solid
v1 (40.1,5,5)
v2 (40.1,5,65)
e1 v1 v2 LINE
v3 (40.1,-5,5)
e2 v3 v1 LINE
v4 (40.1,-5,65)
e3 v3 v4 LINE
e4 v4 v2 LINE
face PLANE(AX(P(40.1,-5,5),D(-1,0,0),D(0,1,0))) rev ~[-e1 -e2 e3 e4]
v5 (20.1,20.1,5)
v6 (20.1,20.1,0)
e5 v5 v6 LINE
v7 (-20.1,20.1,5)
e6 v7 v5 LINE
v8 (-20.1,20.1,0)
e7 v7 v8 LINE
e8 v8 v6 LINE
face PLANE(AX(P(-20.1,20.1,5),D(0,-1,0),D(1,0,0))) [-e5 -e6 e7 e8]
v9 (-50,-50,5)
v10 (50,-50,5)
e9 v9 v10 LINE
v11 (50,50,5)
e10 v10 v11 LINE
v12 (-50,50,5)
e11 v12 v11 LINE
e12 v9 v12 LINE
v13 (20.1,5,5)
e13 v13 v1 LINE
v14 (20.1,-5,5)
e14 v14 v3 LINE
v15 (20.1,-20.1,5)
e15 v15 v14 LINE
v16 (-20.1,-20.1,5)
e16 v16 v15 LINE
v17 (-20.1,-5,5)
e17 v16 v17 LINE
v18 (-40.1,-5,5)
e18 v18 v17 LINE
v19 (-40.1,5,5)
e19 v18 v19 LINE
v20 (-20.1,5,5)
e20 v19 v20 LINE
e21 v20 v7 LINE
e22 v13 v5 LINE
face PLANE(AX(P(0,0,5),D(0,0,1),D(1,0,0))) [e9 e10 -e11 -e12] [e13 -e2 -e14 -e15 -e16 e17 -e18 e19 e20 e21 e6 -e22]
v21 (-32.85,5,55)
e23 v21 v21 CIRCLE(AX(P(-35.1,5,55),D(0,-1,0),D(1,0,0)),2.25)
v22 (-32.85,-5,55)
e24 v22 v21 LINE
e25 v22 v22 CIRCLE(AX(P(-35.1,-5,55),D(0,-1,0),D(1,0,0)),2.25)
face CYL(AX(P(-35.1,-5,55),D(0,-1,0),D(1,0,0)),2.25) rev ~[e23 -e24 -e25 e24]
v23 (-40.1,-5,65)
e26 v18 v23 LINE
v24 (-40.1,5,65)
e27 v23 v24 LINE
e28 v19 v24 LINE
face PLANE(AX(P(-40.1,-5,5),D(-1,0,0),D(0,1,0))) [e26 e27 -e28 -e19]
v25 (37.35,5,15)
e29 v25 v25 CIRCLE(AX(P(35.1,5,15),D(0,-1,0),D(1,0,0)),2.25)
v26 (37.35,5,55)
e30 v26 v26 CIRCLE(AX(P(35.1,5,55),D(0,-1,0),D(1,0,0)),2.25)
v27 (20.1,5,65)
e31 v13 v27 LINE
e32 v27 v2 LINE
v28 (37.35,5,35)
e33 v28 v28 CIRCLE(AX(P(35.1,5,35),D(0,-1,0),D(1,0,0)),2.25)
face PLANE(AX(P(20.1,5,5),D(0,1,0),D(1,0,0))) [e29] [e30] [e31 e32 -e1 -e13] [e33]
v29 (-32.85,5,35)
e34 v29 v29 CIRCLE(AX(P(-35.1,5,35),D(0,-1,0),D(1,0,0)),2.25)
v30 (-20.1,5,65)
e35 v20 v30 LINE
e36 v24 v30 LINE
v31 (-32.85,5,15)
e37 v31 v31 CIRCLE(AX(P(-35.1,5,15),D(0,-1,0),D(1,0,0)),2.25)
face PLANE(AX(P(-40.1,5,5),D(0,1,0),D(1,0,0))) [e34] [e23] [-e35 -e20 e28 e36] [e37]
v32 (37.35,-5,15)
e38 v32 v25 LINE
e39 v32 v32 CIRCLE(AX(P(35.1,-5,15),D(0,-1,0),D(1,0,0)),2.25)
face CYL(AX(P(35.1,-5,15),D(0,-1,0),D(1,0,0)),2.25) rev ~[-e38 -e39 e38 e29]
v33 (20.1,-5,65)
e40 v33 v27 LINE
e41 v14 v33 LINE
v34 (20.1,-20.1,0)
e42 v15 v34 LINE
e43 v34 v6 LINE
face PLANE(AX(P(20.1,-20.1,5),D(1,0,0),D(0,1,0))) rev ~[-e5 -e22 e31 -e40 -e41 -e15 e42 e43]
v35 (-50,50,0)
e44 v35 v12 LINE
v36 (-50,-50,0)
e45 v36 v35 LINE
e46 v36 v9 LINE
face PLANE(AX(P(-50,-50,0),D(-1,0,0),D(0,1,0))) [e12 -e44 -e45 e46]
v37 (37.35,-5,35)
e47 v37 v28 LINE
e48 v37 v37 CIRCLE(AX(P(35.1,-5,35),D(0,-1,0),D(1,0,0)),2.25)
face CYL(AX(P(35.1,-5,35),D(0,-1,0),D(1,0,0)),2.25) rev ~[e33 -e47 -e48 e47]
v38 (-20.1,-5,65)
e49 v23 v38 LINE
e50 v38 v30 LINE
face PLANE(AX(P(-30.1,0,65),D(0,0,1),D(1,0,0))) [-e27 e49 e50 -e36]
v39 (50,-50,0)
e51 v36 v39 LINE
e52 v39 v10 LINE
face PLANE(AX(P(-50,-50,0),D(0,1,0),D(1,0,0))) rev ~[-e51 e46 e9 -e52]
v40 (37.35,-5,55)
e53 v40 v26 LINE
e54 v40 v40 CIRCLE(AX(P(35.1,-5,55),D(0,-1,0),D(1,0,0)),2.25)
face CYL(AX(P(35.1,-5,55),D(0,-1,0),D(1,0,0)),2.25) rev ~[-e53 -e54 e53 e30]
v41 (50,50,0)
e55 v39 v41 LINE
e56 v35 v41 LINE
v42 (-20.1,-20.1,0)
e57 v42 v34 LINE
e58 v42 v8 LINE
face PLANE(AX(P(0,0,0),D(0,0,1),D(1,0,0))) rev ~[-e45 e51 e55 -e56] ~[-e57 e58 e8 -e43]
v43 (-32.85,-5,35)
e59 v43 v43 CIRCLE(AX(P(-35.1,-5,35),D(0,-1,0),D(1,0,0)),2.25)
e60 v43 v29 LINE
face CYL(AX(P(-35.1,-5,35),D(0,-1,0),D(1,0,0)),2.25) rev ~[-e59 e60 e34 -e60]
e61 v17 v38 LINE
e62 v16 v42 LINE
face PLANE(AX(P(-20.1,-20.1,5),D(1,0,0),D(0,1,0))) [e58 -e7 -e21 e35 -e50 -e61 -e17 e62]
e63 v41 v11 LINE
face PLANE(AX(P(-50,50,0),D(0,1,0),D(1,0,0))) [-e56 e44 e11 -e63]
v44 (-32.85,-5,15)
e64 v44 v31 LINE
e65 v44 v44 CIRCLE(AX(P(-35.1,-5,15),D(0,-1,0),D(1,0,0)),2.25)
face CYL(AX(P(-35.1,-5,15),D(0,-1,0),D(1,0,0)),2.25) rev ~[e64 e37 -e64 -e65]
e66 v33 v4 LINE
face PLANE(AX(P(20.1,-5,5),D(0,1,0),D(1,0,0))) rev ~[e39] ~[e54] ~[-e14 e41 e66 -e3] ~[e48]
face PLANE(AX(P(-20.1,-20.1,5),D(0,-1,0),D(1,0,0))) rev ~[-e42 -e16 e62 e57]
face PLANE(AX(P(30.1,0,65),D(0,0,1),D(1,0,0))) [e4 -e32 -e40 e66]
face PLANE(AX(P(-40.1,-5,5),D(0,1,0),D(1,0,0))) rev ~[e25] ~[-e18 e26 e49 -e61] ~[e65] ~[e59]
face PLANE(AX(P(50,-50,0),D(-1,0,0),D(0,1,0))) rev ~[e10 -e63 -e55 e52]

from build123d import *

# Parameters (mm, degrees)
SKETCH_W        = 100
SKETCH_H        = 100
PAD_DEPTH       = 5
SKETCH001_W     = 40.2
SKETCH001_H     = 40.2
POCKET_DEPTH    = 5
SKETCH002_W     = 20
SKETCH002_H     = 10
PAD001_DEPTH    = 60
SKETCH003_R     = 2.25
POCKET001_DEPTH = 10


with BuildPart() as part:
    # Sketch → Pad (new body)
    with BuildSketch(Plane.XY):
        Rectangle(SKETCH_W, SKETCH_H)
    extrude(amount=PAD_DEPTH)

    # Sketch001 (on DatumPlane) → Pocket (cut)
    with BuildSketch(Plane.XY.offset(5)):
        Rectangle(SKETCH001_W, SKETCH001_H)
    extrude(amount=-POCKET_DEPTH, mode=Mode.SUBTRACT)

    # Sketch002 (on DatumPlane) → Pad001 (join)
    with BuildSketch(Plane.XY.offset(5)):
        with Locations((-30.1, 0)):
            Rectangle(SKETCH002_W, SKETCH002_H)
        with Locations((30.1, 0)):
            Rectangle(SKETCH002_W, SKETCH002_H)
    extrude(amount=PAD001_DEPTH)

    # Sketch003 (on DatumPlane) → Pocket001 (cut)
    with BuildSketch(Plane.XZ.offset(5)):
        with Locations((-35.1, 15)):
            Circle(SKETCH003_R)
        with Locations((35.1, 15)):
            Circle(SKETCH003_R)
        with Locations((-35.1, 35)):
            Circle(SKETCH003_R)
        with Locations((-35.1, 55)):
            Circle(SKETCH003_R)
        with Locations((-35.1, 75)):
            Circle(SKETCH003_R)
        with Locations((35.1, 75)):
            Circle(SKETCH003_R)
        with Locations((35.1, 55)):
            Circle(SKETCH003_R)
        with Locations((35.1, 35)):
            Circle(SKETCH003_R)
    extrude(amount=-POCKET001_DEPTH, mode=Mode.SUBTRACT)


solid = part.part
